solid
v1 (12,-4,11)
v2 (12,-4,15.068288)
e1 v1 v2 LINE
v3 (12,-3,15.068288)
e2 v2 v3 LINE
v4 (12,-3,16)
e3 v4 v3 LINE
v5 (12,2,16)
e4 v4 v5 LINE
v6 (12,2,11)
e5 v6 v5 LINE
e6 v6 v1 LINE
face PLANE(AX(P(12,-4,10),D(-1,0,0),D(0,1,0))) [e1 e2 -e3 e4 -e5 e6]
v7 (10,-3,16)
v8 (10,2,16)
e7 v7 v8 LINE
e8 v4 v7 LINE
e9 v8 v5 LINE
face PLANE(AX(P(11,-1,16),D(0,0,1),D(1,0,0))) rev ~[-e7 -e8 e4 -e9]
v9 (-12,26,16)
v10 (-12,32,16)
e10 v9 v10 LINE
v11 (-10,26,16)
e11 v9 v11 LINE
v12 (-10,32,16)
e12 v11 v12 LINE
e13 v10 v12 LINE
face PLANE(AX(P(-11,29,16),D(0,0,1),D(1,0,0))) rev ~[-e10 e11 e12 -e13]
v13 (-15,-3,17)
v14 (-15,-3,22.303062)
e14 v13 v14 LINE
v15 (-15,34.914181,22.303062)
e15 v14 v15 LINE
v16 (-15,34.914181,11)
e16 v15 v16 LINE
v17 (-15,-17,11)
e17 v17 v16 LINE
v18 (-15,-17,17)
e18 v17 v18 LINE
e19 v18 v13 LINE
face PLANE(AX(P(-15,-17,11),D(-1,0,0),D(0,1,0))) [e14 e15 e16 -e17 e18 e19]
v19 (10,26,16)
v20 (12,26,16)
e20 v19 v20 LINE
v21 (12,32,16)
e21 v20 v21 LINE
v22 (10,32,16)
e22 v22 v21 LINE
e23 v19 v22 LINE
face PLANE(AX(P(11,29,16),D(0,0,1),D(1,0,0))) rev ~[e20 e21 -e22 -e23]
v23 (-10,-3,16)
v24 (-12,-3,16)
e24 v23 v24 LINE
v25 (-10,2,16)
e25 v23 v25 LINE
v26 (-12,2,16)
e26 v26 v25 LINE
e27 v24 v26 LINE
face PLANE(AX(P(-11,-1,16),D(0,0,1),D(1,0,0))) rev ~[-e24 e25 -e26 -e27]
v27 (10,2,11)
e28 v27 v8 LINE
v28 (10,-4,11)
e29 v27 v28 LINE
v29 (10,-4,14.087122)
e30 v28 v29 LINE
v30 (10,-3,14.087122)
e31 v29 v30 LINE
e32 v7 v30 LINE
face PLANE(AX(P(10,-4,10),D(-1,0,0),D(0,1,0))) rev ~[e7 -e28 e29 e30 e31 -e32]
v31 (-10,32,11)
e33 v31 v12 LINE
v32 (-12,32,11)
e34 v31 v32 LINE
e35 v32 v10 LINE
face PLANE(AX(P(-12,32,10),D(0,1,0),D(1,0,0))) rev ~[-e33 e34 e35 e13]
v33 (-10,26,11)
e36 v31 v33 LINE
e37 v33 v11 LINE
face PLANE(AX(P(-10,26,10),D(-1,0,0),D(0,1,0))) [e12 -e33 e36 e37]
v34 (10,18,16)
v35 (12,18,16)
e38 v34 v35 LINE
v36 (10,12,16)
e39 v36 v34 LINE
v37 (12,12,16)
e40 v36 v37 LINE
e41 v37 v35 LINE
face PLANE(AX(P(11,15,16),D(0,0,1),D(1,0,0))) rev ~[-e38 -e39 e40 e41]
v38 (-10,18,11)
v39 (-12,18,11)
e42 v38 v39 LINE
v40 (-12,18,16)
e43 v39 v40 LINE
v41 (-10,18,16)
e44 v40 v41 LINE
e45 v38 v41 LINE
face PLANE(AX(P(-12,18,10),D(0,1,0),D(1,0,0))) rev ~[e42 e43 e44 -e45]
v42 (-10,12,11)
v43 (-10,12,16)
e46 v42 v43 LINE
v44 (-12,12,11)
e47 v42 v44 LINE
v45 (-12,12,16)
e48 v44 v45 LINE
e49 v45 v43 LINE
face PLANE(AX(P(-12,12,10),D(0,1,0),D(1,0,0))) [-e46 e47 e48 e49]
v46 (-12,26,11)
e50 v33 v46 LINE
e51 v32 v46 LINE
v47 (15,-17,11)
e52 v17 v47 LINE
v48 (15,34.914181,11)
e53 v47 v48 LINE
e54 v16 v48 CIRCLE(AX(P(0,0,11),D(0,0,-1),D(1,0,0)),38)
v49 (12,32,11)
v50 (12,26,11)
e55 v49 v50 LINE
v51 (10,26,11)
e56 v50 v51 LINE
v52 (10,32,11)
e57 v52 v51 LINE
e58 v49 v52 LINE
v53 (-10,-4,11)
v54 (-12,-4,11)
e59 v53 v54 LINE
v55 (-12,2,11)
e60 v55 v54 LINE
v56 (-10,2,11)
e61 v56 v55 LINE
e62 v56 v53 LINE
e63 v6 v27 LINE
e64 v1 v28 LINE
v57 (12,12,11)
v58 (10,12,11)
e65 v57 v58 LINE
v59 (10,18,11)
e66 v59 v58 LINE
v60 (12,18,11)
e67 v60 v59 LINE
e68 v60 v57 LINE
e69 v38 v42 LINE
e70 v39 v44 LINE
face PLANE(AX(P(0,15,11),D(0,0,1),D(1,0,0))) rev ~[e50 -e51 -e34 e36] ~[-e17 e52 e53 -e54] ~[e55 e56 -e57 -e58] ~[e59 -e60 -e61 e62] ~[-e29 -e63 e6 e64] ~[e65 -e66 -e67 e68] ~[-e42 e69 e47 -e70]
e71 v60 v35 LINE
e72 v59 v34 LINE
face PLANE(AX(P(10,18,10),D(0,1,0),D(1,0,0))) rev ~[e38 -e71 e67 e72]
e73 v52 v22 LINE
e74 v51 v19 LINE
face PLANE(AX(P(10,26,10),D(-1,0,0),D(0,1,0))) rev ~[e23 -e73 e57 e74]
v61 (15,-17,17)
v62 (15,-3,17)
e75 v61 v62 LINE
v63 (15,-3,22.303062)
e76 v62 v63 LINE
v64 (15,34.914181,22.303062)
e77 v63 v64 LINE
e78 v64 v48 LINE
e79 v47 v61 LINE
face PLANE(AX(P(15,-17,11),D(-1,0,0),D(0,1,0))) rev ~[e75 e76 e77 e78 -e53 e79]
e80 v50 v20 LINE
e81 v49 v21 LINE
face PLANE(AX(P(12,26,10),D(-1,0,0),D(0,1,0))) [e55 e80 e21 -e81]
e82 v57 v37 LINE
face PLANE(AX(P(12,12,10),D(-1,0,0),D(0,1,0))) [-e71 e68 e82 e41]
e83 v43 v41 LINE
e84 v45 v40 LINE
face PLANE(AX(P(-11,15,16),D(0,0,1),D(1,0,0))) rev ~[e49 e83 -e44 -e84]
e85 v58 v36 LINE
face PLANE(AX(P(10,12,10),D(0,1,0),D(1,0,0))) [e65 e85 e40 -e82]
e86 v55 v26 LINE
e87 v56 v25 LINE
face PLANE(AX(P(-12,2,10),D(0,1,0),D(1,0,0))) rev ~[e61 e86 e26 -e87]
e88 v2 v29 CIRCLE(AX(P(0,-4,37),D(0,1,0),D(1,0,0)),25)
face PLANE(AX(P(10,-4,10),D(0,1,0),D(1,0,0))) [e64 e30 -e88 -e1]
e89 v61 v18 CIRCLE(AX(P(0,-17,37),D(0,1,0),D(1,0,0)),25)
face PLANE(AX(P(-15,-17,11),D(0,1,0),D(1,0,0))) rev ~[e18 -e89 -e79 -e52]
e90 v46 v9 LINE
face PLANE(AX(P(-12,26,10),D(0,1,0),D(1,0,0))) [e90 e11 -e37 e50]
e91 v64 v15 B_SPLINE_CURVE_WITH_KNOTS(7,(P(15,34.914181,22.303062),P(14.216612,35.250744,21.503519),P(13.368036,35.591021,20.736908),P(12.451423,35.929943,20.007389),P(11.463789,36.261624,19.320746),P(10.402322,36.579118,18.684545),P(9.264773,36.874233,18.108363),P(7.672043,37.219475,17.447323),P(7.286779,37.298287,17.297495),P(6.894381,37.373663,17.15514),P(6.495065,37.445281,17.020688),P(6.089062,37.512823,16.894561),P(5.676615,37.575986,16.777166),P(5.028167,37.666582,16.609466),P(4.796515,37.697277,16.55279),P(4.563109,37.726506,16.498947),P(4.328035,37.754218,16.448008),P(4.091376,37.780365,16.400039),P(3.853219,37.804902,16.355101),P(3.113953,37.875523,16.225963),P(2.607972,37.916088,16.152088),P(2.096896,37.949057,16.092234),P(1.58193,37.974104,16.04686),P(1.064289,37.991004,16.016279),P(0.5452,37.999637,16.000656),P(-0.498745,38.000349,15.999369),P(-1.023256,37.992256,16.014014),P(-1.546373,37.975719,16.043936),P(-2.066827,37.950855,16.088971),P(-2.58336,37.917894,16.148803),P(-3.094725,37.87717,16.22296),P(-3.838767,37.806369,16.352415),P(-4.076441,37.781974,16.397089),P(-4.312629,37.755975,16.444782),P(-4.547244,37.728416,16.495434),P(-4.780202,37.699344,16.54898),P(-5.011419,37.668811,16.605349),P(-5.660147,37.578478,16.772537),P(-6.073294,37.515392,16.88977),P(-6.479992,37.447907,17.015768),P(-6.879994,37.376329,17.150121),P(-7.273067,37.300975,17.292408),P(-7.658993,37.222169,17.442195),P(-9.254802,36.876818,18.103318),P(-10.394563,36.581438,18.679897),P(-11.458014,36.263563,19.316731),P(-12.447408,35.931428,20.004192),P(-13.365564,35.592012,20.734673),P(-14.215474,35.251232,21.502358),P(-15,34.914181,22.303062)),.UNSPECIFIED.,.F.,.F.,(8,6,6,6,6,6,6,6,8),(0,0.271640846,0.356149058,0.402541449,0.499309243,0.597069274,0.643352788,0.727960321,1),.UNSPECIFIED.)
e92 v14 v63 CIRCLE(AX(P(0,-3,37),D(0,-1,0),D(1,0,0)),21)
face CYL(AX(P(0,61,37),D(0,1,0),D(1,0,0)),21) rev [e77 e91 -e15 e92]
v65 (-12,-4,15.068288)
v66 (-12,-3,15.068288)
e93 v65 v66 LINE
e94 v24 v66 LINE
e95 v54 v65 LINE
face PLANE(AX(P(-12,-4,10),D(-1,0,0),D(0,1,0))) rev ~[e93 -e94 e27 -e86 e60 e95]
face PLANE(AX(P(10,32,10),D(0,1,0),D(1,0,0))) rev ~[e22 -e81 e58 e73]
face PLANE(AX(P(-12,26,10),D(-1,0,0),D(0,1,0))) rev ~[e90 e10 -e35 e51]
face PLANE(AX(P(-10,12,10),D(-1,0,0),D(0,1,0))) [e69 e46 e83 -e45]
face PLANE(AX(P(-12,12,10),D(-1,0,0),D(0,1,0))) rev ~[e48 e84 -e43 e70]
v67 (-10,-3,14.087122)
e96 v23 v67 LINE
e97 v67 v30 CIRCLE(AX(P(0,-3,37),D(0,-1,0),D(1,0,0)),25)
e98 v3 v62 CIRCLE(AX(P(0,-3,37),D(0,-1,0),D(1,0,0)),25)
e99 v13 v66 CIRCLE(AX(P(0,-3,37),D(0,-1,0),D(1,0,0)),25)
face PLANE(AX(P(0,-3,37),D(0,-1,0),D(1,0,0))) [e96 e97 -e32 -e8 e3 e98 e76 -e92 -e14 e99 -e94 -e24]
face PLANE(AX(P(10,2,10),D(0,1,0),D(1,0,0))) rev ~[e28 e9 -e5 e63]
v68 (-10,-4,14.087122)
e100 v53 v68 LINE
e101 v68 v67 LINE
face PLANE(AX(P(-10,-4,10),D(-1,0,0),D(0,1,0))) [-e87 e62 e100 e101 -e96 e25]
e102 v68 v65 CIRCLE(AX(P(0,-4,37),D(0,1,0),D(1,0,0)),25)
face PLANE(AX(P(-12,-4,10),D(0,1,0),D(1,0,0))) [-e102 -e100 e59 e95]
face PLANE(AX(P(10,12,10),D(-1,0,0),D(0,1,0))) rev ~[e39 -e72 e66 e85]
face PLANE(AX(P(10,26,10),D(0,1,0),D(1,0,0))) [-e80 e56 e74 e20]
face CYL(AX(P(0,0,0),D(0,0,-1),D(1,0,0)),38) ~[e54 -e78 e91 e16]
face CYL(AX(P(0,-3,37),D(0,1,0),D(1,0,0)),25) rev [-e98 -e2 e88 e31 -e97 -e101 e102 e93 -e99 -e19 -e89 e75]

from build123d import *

# Parameters (mm, degrees)
CYLINDER2790_R     = 38
CYLINDER2790_DEPTH = 30
BOX969_W           = 2
BOX969_H           = 6
BOX969_DEPTH       = 6
BOX970_W           = 2
BOX970_H           = 6
BOX970_DEPTH       = 6
BOX971_W           = 2
BOX971_H           = 6
BOX971_DEPTH       = 6
BOX972_W           = 2
BOX972_H           = 6
BOX972_DEPTH       = 6
BOX973_W           = 2
BOX973_H           = 6
BOX973_DEPTH       = 6
BOX968_W           = 2
BOX968_H           = 6
BOX968_DEPTH       = 6
TUBE123_R          = 21
TUBE123_R_2        = 2
TUBE123_DEPTH      = 64
TUBE124_R          = 25
TUBE124_R_2        = 2
TUBE124_DEPTH      = 26
BOX891_W           = 30
BOX891_H           = 64
BOX891_DEPTH       = 18


with BuildPart() as v_lec2760:
    # Cylinder2790 → Cylinder2790 (new body)
    with BuildSketch(Plane.XY):
        Circle(CYLINDER2790_R)
    extrude(amount=CYLINDER2790_DEPTH)


with BuildPart() as krychle968:
    # Box969 → Box969 (new body)
    with BuildSketch(Plane(origin=(-12, -4, 10), x_dir=(1, 0, 0), z_dir=(0, 0, 1))):
        with Locations((1, 3)):
            Rectangle(BOX969_W, BOX969_H)
    extrude(amount=BOX969_DEPTH)


with BuildPart() as krychle969:
    # Box970 → Box970 (new body)
    with BuildSketch(Plane(origin=(10, 26, 10), x_dir=(1, 0, 0), z_dir=(0, 0, 1))):
        with Locations((1, 3)):
            Rectangle(BOX970_W, BOX970_H)
    extrude(amount=BOX970_DEPTH)


with BuildPart() as krychle970:
    # Box971 → Box971 (new body)
    with BuildSketch(Plane(origin=(-12, 26, 10), x_dir=(1, 0, 0), z_dir=(0, 0, 1))):
        with Locations((1, 3)):
            Rectangle(BOX971_W, BOX971_H)
    extrude(amount=BOX971_DEPTH)


with BuildPart() as krychle971:
    # Box972 → Box972 (new body)
    with BuildSketch(Plane(origin=(10, 12, 10), x_dir=(1, 0, 0), z_dir=(0, 0, 1))):
        with Locations((1, 3)):
            Rectangle(BOX972_W, BOX972_H)
    extrude(amount=BOX972_DEPTH)


with BuildPart() as krychle972:
    # Box973 → Box973 (new body)
    with BuildSketch(Plane(origin=(-12, 12, 10), x_dir=(1, 0, 0), z_dir=(0, 0, 1))):
        with Locations((1, 3)):
            Rectangle(BOX973_W, BOX973_H)
    extrude(amount=BOX973_DEPTH)


with BuildPart() as compound1242:
    # Box968 → Box968 (new body)
    with BuildSketch(Plane(origin=(10, -4, 10), x_dir=(1, 0, 0), z_dir=(0, 0, 1))):
        with Locations((1, 3)):
            Rectangle(BOX968_W, BOX968_H)
    extrude(amount=BOX968_DEPTH)

    # Compound1242: union Krychle968, Krychle969, Krychle970, Krychle971, Krychle972
    add(krychle968.part)
    add(krychle969.part)
    add(krychle970.part)
    add(krychle971.part)
    add(krychle972.part)


with BuildPart() as tube123:
    # Tube123 → Tube123 (new body)
    with BuildSketch(Plane(origin=(0, 61, 37), x_dir=(1, 0, 0), z_dir=(0, -1, 0))):
        Circle(TUBE123_R)
        Circle(TUBE123_R_2, mode=Mode.SUBTRACT)
    extrude(amount=TUBE123_DEPTH)


with BuildPart() as tube124:
    # Tube124 → Tube124 (new body)
    with BuildSketch(Plane(origin=(0, -3, 37), x_dir=(1, 0, 0), z_dir=(0, -1, 0))):
        Circle(TUBE124_R)
        Circle(TUBE124_R_2, mode=Mode.SUBTRACT)
    extrude(amount=TUBE124_DEPTH)


with BuildPart() as common:
    # Box891 → Box891 (new body)
    with BuildSketch(Plane(origin=(-15, -17, 11), x_dir=(1, 0, 0), z_dir=(0, 0, 1))):
        with Locations((15, 32)):
            Rectangle(BOX891_W, BOX891_H)
    extrude(amount=BOX891_DEPTH)

    # Cut977: cut Tube124
    add(tube124.part, mode=Mode.SUBTRACT)

    # Cut001: cut Tube123
    add(tube123.part, mode=Mode.SUBTRACT)

    # Cut1048: cut Compound1242
    add(compound1242.part, mode=Mode.SUBTRACT)

    # Common: intersect Válec2760
    add(v_lec2760.part, mode=Mode.INTERSECT)


solid = common.part
